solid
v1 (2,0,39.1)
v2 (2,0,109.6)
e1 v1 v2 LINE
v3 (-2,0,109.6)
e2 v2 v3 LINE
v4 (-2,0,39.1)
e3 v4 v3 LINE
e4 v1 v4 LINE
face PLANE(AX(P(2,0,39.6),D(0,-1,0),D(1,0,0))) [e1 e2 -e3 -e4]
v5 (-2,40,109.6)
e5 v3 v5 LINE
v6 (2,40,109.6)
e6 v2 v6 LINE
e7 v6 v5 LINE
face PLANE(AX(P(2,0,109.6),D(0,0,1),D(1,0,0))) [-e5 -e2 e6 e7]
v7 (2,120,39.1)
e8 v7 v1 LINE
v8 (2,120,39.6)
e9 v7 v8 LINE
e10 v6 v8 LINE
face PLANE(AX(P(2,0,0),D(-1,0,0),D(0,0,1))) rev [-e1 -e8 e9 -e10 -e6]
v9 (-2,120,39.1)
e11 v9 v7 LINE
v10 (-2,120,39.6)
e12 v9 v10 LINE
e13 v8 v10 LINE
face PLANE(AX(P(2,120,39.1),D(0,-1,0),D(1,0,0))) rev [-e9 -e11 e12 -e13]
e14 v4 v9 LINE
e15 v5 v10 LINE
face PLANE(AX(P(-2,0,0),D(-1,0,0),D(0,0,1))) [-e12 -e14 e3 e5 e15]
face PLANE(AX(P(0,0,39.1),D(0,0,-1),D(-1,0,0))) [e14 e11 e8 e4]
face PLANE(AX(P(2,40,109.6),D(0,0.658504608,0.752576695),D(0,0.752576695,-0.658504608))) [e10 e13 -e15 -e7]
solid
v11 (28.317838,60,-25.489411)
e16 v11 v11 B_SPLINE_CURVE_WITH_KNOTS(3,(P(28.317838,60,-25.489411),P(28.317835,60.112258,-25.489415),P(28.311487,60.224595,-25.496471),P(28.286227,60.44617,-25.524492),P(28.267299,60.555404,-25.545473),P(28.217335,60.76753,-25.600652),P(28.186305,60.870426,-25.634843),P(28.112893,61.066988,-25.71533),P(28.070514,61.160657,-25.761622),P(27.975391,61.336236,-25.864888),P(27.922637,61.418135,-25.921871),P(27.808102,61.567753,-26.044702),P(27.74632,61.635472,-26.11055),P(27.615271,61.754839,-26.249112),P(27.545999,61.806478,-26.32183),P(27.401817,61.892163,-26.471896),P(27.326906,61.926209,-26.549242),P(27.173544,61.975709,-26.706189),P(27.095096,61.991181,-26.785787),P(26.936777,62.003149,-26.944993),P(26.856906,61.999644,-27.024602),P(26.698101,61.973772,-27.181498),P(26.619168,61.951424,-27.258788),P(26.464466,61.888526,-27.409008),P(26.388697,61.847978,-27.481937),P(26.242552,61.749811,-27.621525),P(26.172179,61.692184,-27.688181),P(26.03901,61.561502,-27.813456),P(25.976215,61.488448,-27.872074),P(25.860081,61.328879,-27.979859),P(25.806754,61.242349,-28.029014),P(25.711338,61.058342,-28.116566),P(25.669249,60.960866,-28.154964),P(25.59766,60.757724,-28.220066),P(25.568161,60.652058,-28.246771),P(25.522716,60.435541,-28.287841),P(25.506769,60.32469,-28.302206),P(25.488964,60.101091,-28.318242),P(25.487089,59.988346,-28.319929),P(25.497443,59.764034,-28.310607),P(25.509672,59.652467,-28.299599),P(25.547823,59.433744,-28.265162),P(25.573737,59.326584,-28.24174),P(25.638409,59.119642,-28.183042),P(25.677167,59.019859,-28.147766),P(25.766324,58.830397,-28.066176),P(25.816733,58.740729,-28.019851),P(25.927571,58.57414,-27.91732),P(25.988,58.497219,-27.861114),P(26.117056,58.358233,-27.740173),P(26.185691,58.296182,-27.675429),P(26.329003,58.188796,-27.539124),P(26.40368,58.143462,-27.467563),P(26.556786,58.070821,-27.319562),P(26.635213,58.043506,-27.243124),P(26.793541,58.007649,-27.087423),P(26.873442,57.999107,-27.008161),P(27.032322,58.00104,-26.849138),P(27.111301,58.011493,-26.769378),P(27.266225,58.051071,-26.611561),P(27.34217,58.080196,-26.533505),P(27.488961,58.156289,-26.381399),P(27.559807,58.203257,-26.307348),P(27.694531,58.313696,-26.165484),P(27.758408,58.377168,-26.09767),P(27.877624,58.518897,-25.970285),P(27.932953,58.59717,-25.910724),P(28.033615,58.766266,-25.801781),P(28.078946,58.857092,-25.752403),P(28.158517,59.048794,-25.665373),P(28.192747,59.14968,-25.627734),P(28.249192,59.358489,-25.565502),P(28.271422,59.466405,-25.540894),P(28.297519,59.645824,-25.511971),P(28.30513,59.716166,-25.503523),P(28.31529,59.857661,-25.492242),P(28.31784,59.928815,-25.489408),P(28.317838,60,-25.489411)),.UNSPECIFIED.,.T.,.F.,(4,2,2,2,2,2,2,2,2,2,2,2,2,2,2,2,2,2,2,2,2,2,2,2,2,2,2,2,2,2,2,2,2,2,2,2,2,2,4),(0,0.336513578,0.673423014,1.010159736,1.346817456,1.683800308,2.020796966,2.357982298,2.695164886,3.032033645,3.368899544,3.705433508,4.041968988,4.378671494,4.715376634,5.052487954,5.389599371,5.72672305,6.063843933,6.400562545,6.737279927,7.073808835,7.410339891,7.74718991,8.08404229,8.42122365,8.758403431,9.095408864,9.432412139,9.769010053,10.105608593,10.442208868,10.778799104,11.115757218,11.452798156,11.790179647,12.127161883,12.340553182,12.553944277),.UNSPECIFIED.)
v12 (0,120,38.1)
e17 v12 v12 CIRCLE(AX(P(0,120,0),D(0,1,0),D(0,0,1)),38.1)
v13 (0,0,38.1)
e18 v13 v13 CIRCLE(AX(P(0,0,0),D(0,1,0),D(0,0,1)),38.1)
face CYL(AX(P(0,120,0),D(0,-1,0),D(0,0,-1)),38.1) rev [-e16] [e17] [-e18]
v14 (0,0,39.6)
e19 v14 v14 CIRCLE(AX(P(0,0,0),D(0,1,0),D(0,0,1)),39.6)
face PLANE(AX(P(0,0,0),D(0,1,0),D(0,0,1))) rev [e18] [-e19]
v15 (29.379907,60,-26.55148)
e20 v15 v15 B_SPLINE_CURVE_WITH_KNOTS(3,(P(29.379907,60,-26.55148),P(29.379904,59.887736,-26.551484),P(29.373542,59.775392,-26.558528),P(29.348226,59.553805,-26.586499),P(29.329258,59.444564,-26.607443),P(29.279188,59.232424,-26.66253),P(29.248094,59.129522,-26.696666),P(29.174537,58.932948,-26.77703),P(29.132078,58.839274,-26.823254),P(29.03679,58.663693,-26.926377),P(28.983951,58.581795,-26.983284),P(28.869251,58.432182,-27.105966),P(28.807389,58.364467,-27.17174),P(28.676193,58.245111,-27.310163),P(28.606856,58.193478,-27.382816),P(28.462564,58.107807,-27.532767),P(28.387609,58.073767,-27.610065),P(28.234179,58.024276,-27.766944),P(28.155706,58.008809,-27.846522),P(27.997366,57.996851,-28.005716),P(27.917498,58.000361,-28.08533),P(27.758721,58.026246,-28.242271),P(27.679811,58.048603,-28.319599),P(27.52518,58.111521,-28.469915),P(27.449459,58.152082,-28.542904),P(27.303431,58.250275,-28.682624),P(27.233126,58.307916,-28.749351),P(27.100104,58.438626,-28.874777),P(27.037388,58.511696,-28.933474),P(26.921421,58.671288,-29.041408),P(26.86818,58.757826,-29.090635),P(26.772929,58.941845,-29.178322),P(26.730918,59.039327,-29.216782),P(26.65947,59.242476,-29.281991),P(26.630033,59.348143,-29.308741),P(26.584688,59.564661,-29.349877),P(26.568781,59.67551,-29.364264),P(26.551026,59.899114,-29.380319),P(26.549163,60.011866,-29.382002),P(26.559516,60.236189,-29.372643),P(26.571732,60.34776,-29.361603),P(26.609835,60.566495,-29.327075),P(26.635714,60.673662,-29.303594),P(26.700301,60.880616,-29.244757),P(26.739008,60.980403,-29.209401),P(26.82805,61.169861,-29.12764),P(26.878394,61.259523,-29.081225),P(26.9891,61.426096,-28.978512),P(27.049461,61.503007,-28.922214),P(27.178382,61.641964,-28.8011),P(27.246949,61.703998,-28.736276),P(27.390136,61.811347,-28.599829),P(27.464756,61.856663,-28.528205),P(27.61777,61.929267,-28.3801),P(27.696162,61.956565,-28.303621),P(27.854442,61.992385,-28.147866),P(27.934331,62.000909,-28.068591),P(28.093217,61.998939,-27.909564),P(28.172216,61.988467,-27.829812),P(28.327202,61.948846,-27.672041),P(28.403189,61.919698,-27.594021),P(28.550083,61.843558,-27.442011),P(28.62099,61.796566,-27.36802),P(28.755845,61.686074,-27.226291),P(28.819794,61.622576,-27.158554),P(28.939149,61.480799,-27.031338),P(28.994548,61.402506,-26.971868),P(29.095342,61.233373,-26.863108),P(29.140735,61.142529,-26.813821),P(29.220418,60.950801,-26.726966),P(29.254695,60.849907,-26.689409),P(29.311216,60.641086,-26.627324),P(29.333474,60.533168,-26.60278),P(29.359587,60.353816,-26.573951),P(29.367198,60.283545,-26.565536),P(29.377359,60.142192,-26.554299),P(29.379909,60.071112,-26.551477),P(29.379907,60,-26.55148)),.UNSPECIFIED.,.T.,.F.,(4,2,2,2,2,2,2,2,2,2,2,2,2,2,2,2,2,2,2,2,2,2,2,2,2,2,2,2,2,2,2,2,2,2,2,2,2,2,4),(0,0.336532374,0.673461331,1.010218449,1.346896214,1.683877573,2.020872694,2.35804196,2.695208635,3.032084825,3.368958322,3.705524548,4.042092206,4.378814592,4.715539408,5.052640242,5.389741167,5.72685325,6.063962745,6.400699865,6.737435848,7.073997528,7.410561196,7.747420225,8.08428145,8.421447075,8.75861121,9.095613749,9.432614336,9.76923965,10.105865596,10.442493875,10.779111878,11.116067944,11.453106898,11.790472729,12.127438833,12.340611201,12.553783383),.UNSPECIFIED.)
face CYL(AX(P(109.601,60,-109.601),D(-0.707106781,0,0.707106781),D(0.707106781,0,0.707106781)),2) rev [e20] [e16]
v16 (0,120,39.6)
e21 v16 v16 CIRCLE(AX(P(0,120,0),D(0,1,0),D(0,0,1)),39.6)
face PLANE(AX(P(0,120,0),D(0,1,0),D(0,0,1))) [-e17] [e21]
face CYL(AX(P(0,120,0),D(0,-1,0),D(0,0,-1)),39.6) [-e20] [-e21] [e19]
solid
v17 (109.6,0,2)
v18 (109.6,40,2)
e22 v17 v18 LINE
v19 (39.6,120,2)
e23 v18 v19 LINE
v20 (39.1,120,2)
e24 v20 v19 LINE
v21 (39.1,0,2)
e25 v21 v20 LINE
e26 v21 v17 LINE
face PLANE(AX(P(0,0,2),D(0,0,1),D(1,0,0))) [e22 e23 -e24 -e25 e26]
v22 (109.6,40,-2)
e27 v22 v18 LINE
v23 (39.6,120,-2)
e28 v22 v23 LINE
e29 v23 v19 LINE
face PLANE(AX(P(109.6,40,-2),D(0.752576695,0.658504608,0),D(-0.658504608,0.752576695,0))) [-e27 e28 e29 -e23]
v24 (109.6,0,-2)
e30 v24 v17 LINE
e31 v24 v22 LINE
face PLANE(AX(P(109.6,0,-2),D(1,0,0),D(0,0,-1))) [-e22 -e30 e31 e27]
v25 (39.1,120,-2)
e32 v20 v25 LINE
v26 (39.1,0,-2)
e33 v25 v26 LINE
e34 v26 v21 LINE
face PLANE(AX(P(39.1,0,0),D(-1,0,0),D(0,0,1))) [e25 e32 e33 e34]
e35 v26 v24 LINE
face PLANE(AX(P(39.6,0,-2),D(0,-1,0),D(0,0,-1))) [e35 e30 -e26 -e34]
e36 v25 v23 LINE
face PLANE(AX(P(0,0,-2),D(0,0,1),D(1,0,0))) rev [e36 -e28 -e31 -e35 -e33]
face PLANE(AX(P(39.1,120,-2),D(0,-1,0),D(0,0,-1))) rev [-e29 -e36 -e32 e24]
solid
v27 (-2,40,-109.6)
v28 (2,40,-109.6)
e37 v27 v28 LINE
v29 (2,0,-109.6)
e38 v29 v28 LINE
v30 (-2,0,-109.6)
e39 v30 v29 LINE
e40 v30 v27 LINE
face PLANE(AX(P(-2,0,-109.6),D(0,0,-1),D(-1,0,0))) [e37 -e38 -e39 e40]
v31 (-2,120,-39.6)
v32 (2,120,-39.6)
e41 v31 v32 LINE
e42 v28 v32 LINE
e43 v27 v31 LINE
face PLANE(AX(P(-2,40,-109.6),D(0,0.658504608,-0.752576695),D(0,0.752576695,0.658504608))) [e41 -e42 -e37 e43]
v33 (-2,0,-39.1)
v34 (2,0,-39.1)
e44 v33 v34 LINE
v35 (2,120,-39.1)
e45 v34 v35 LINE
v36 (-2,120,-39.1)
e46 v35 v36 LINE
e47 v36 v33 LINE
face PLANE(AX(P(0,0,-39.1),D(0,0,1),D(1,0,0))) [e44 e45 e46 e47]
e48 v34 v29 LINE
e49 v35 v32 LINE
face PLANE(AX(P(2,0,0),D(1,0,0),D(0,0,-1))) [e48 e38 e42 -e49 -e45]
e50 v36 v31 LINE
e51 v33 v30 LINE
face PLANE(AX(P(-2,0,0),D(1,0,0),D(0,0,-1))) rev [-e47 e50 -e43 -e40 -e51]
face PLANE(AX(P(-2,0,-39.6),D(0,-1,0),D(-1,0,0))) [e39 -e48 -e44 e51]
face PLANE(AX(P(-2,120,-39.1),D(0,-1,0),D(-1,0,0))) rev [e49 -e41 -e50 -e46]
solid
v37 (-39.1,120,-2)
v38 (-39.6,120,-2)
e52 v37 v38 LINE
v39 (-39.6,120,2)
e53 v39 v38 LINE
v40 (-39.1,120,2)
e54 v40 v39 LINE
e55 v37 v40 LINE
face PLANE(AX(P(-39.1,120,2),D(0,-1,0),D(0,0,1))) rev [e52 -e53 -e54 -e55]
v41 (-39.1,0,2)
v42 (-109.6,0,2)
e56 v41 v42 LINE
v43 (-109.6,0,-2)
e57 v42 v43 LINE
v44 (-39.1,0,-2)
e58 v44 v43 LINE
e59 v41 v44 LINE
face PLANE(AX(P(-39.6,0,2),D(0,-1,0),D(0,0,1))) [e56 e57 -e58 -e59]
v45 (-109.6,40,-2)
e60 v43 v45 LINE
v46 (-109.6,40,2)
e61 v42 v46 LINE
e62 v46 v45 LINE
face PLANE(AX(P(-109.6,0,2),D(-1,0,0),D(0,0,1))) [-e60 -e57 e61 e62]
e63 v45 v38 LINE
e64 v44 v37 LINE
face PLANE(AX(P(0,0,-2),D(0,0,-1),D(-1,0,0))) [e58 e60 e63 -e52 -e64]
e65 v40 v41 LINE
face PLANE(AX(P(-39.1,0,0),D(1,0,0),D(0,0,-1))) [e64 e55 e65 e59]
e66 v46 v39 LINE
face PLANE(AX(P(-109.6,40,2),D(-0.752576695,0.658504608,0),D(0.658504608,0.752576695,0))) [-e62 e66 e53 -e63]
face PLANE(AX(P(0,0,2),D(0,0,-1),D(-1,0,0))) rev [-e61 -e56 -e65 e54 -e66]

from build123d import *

# Parameters (mm, degrees)
SKETCH1_R                = 39.6
SKETCH1_R_2              = 38.1
BOSS_EXTRUDE1_DEPTH      = 120
BOSS_EXTRUDE2_DEPTH      = 2
BOSS_EXTRUDE2_DEPTH_BACK = 2
SKETCH3_W                = 4
SKETCH3_H                = 120
BOSS_EXTRUDE3_DEPTH      = 0.5
CIRPATTERN1_COUNT        = 4
CUT_EXTRUDE1_REACH       = 198.021
CUT_EXTRUDE1_END_RADIUS  = 39.6
SKETCH5_R                = 2


with BuildPart() as part:
    # Sketch1 → Boss-Extrude1 (new body)
    with BuildSketch(Plane(origin=(0, 0, 0), x_dir=(1, 0, 0), z_dir=(0, 1, 0))):
        Circle(SKETCH1_R)
        Circle(SKETCH1_R_2, mode=Mode.SUBTRACT)
    extrude(amount=BOSS_EXTRUDE1_DEPTH)

    # Cut-Extrude1: up to this cylinder (the profile starts inside it)
    cut_extrude1_end = Plane(origin=(0, 60, 0), z_dir=(0, -1, 0)) * Cylinder(CUT_EXTRUDE1_END_RADIUS, 476.242, mode=Mode.PRIVATE)
    # Sketch5 → Cut-Extrude1 (cut, up to the surface)
    with BuildSketch(Plane(origin=(0, 0, 0), x_dir=(0.7071067811865477, 0, 0.7071067811865475), z_dir=(-0.7071067811865475, 0, 0.7071067811865477)), mode=Mode.PRIVATE) as cut_extrude1_sk1:
        with Locations((0, 60)):
            Circle(SKETCH5_R)
    cut_extrude1_tool1 = extrude(cut_extrude1_sk1.sketch, amount=-CUT_EXTRUDE1_REACH, mode=Mode.PRIVATE) & cut_extrude1_end
    add(cut_extrude1_tool1.solids().sort_by_distance((0, 60, 0))[0], mode=Mode.SUBTRACT)


with BuildPart() as body_2:
    # Sketch2 → Boss-Extrude2 (new, two sides: drawn at the far end of the back side and taken through both)
    with BuildSketch(Plane.XY.offset(-BOSS_EXTRUDE2_DEPTH_BACK)):
        Polygon((39.6, 0), (39.6, 120), (109.6, 40), (109.6, 0), align=None)
    extrude(amount=BOSS_EXTRUDE2_DEPTH + BOSS_EXTRUDE2_DEPTH_BACK)

    # Sketch3 → Boss-Extrude3 (add)
    with BuildSketch(Plane.ZY.offset(-39.6)):
        with Locations((0, 60)):
            Rectangle(SKETCH3_W, SKETCH3_H)
    extrude(amount=BOSS_EXTRUDE3_DEPTH)


with BuildPart() as cirpattern1_1:
    # CirPattern1: pattern copy
    add(body_2.part.rotate(Axis((0, 120, 0), (0, -1, 0)), 1 * 360 / CIRPATTERN1_COUNT))


with BuildPart() as cirpattern1_2:
    # CirPattern1: pattern copy
    add(body_2.part.rotate(Axis((0, 120, 0), (0, -1, 0)), 2 * 360 / CIRPATTERN1_COUNT))


with BuildPart() as cirpattern1_3:
    # CirPattern1: pattern copy
    add(body_2.part.rotate(Axis((0, 120, 0), (0, -1, 0)), 3 * 360 / CIRPATTERN1_COUNT))


solid = Compound([part.part, body_2.part, cirpattern1_1.part, cirpattern1_2.part, cirpattern1_3.part])
